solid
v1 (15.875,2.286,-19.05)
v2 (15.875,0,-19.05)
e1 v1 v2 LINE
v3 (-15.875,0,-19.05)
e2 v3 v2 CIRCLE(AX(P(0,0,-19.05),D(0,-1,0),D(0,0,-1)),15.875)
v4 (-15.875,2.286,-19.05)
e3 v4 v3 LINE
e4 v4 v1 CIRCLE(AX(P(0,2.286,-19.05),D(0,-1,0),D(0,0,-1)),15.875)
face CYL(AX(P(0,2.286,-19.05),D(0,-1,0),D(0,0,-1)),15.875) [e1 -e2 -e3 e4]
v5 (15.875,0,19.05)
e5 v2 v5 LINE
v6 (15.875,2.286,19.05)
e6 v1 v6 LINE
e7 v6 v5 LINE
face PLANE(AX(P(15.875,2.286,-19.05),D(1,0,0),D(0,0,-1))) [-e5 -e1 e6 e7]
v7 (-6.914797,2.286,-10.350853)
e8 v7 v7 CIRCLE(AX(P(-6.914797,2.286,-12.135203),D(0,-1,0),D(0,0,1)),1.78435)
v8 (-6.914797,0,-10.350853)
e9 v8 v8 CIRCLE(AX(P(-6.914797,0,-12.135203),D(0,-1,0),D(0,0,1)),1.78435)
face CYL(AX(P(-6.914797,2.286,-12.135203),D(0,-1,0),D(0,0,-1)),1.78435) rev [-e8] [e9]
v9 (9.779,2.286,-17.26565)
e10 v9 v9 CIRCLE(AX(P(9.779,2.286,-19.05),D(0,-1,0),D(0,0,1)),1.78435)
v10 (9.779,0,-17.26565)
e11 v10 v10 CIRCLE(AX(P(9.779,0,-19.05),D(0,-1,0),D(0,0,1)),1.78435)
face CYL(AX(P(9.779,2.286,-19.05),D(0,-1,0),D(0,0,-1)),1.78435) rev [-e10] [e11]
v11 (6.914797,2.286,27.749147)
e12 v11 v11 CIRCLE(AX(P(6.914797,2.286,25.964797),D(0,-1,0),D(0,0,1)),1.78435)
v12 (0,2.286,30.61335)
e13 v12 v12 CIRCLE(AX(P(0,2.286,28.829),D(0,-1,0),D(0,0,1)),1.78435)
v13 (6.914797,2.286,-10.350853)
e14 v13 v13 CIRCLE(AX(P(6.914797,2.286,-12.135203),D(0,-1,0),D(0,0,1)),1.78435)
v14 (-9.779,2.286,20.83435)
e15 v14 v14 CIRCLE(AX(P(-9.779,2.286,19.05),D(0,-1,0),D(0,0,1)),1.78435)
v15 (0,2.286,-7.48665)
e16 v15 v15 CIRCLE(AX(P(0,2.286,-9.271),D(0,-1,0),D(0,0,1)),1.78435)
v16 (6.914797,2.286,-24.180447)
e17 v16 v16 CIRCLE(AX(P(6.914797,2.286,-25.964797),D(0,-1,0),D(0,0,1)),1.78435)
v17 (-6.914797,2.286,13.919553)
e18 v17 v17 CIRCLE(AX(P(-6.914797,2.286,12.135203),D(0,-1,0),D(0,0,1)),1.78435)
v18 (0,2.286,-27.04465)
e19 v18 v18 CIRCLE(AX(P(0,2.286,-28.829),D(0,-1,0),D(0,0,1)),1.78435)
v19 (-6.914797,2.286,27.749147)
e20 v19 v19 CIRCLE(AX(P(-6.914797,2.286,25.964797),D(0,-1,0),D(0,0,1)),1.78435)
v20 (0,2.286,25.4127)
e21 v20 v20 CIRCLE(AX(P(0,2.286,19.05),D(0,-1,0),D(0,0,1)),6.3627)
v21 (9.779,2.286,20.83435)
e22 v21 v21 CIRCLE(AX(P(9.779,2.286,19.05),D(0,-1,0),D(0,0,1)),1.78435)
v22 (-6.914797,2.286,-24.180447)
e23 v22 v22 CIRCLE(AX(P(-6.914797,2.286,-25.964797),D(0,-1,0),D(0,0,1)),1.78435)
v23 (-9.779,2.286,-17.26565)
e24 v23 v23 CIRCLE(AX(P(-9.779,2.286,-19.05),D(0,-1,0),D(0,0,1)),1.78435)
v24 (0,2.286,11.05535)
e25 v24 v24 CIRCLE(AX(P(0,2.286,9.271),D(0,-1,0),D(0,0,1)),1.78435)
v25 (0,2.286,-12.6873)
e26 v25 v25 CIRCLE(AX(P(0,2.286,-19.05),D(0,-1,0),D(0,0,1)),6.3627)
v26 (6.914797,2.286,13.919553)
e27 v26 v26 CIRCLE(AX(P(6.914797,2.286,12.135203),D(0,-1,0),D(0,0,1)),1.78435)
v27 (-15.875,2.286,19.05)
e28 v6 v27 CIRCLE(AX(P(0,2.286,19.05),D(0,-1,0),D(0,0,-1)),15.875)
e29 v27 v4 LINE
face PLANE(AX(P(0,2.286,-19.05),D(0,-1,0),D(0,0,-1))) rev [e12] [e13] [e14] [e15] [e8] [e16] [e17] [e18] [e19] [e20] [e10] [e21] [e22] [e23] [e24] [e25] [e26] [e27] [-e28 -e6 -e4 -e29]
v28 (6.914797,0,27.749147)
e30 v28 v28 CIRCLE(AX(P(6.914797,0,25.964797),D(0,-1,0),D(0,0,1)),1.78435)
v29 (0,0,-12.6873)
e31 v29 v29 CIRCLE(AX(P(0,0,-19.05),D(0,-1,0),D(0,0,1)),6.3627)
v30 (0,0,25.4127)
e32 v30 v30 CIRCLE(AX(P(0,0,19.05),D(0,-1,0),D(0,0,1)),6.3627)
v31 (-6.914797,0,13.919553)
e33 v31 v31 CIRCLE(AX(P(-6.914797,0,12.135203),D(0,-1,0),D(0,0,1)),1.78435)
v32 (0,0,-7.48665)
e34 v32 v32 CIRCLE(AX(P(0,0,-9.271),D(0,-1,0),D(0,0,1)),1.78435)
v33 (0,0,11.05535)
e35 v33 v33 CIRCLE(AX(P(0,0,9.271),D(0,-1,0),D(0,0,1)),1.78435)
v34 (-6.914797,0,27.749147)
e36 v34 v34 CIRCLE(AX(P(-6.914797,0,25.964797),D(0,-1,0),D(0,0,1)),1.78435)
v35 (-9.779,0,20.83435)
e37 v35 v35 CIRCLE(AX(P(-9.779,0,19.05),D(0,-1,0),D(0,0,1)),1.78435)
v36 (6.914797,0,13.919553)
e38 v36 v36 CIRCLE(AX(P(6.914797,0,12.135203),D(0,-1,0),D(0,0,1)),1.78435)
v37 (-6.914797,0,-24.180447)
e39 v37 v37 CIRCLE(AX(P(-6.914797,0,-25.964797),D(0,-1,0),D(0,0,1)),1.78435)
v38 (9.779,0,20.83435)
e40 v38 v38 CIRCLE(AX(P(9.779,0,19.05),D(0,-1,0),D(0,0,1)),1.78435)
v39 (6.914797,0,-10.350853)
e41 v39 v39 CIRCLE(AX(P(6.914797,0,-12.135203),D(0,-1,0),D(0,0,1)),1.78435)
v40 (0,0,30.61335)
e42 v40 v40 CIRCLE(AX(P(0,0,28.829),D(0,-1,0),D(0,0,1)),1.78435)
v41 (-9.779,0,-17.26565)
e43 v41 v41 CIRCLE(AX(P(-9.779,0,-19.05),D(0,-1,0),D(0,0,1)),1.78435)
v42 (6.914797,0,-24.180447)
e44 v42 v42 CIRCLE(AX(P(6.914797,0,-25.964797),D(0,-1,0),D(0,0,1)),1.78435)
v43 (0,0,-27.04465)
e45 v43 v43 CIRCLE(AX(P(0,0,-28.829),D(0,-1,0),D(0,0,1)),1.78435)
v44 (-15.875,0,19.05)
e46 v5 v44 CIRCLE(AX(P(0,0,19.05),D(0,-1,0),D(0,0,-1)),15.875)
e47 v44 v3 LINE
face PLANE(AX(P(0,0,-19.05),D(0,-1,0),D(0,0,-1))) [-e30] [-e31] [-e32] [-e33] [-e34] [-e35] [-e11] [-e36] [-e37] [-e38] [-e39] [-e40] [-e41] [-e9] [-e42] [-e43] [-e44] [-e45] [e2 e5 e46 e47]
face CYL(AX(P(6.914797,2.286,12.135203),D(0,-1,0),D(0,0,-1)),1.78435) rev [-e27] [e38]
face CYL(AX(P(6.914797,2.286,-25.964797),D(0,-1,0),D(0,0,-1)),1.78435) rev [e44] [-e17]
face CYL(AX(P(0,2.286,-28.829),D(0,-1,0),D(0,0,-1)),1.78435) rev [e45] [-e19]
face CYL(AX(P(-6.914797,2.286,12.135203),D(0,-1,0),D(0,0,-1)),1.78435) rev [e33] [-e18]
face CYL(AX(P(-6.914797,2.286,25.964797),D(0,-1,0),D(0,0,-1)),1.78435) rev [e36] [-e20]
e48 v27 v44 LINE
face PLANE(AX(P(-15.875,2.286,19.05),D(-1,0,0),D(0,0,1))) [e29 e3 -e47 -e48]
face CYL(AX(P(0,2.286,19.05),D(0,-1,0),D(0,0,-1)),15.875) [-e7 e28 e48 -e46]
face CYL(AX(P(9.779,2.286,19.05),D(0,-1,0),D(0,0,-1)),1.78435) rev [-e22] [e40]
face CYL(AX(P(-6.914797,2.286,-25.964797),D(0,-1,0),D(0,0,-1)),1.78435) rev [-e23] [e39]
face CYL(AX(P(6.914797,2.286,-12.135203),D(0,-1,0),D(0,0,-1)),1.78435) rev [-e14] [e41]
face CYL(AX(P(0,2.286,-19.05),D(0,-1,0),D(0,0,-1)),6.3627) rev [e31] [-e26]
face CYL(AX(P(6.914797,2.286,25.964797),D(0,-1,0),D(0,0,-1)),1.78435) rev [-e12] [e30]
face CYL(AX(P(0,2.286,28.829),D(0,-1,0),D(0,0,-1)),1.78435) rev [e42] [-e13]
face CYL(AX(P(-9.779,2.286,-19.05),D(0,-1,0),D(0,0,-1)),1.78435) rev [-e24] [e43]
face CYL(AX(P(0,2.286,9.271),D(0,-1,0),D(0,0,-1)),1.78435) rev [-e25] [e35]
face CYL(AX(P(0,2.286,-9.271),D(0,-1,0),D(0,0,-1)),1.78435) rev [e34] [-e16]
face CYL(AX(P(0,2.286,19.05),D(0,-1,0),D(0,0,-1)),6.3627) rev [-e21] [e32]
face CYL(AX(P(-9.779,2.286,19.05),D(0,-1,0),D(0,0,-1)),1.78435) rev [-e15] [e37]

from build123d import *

# Parameters (mm, degrees)
SKETCH1_R           = 6.3627
SKETCH1_R_2         = 1.78435
BOSS_EXTRUDE1_DEPTH = 2.286


with BuildPart() as part:
    # Sketch1 → Boss-Extrude1 (new body)
    with BuildSketch(Plane.XZ):
        with BuildLine():
            Line((15.875, -19.05), (15.875, 19.05))
            ThreePointArc((15.875, 19.05), (0, 34.925), (-15.875, 19.05))
            Line((-15.875, 19.05), (-15.875, -19.05))
            ThreePointArc((-15.875, -19.05), (0, -34.925), (15.875, -19.05))
        make_face()
        with Locations(Location((0, -19.05, 0), (0, 0, 90))):
            Circle(SKETCH1_R, mode=Mode.SUBTRACT)
        with Locations(Location((0, 19.05, 0), (0, 0, 90))):
            Circle(SKETCH1_R, mode=Mode.SUBTRACT)
        with Locations(Location((9.779, 19.05, 0), (0, 0, 90))):
            Circle(SKETCH1_R_2, mode=Mode.SUBTRACT)
        with Locations(Location((6.914797213, 12.135202787, 0), (0, 0, 90))):
            Circle(SKETCH1_R_2, mode=Mode.SUBTRACT)
        with Locations(Location((0, 9.271, 0), (0, 0, 90))):
            Circle(SKETCH1_R_2, mode=Mode.SUBTRACT)
        with Locations(Location((-6.914797213, 12.135202787, 0), (0, 0, 90))):
            Circle(SKETCH1_R_2, mode=Mode.SUBTRACT)
        with Locations(Location((-9.779, 19.05, 0), (0, 0, 90))):
            Circle(SKETCH1_R_2, mode=Mode.SUBTRACT)
        with Locations(Location((-6.914797213, 25.964797213, 0), (0, 0, 90))):
            Circle(SKETCH1_R_2, mode=Mode.SUBTRACT)
        with Locations(Location((0, 28.829, 0), (0, 0, 90))):
            Circle(SKETCH1_R_2, mode=Mode.SUBTRACT)
        with Locations(Location((6.914797213, 25.964797213, 0), (0, 0, 90))):
            Circle(SKETCH1_R_2, mode=Mode.SUBTRACT)
        with Locations(Location((9.779, -19.05, 0), (0, 0, 90))):
            Circle(SKETCH1_R_2, mode=Mode.SUBTRACT)
        with Locations(Location((6.914797213, -12.135202787, 0), (0, 0, 90))):
            Circle(SKETCH1_R_2, mode=Mode.SUBTRACT)
        with Locations(Location((0, -9.271, 0), (0, 0, 90))):
            Circle(SKETCH1_R_2, mode=Mode.SUBTRACT)
        with Locations(Location((-6.914797213, -12.135202787, 0), (0, 0, 90))):
            Circle(SKETCH1_R_2, mode=Mode.SUBTRACT)
        with Locations(Location((-9.779, -19.05, 0), (0, 0, 90))):
            Circle(SKETCH1_R_2, mode=Mode.SUBTRACT)
        with Locations(Location((-6.914797213, -25.964797213, 0), (0, 0, 90))):
            Circle(SKETCH1_R_2, mode=Mode.SUBTRACT)
        with Locations(Location((0, -28.829, 0), (0, 0, 90))):
            Circle(SKETCH1_R_2, mode=Mode.SUBTRACT)
        with Locations(Location((6.914797213, -25.964797213, 0), (0, 0, 90))):
            Circle(SKETCH1_R_2, mode=Mode.SUBTRACT)
    extrude(amount=-BOSS_EXTRUDE1_DEPTH)


solid = part.part
